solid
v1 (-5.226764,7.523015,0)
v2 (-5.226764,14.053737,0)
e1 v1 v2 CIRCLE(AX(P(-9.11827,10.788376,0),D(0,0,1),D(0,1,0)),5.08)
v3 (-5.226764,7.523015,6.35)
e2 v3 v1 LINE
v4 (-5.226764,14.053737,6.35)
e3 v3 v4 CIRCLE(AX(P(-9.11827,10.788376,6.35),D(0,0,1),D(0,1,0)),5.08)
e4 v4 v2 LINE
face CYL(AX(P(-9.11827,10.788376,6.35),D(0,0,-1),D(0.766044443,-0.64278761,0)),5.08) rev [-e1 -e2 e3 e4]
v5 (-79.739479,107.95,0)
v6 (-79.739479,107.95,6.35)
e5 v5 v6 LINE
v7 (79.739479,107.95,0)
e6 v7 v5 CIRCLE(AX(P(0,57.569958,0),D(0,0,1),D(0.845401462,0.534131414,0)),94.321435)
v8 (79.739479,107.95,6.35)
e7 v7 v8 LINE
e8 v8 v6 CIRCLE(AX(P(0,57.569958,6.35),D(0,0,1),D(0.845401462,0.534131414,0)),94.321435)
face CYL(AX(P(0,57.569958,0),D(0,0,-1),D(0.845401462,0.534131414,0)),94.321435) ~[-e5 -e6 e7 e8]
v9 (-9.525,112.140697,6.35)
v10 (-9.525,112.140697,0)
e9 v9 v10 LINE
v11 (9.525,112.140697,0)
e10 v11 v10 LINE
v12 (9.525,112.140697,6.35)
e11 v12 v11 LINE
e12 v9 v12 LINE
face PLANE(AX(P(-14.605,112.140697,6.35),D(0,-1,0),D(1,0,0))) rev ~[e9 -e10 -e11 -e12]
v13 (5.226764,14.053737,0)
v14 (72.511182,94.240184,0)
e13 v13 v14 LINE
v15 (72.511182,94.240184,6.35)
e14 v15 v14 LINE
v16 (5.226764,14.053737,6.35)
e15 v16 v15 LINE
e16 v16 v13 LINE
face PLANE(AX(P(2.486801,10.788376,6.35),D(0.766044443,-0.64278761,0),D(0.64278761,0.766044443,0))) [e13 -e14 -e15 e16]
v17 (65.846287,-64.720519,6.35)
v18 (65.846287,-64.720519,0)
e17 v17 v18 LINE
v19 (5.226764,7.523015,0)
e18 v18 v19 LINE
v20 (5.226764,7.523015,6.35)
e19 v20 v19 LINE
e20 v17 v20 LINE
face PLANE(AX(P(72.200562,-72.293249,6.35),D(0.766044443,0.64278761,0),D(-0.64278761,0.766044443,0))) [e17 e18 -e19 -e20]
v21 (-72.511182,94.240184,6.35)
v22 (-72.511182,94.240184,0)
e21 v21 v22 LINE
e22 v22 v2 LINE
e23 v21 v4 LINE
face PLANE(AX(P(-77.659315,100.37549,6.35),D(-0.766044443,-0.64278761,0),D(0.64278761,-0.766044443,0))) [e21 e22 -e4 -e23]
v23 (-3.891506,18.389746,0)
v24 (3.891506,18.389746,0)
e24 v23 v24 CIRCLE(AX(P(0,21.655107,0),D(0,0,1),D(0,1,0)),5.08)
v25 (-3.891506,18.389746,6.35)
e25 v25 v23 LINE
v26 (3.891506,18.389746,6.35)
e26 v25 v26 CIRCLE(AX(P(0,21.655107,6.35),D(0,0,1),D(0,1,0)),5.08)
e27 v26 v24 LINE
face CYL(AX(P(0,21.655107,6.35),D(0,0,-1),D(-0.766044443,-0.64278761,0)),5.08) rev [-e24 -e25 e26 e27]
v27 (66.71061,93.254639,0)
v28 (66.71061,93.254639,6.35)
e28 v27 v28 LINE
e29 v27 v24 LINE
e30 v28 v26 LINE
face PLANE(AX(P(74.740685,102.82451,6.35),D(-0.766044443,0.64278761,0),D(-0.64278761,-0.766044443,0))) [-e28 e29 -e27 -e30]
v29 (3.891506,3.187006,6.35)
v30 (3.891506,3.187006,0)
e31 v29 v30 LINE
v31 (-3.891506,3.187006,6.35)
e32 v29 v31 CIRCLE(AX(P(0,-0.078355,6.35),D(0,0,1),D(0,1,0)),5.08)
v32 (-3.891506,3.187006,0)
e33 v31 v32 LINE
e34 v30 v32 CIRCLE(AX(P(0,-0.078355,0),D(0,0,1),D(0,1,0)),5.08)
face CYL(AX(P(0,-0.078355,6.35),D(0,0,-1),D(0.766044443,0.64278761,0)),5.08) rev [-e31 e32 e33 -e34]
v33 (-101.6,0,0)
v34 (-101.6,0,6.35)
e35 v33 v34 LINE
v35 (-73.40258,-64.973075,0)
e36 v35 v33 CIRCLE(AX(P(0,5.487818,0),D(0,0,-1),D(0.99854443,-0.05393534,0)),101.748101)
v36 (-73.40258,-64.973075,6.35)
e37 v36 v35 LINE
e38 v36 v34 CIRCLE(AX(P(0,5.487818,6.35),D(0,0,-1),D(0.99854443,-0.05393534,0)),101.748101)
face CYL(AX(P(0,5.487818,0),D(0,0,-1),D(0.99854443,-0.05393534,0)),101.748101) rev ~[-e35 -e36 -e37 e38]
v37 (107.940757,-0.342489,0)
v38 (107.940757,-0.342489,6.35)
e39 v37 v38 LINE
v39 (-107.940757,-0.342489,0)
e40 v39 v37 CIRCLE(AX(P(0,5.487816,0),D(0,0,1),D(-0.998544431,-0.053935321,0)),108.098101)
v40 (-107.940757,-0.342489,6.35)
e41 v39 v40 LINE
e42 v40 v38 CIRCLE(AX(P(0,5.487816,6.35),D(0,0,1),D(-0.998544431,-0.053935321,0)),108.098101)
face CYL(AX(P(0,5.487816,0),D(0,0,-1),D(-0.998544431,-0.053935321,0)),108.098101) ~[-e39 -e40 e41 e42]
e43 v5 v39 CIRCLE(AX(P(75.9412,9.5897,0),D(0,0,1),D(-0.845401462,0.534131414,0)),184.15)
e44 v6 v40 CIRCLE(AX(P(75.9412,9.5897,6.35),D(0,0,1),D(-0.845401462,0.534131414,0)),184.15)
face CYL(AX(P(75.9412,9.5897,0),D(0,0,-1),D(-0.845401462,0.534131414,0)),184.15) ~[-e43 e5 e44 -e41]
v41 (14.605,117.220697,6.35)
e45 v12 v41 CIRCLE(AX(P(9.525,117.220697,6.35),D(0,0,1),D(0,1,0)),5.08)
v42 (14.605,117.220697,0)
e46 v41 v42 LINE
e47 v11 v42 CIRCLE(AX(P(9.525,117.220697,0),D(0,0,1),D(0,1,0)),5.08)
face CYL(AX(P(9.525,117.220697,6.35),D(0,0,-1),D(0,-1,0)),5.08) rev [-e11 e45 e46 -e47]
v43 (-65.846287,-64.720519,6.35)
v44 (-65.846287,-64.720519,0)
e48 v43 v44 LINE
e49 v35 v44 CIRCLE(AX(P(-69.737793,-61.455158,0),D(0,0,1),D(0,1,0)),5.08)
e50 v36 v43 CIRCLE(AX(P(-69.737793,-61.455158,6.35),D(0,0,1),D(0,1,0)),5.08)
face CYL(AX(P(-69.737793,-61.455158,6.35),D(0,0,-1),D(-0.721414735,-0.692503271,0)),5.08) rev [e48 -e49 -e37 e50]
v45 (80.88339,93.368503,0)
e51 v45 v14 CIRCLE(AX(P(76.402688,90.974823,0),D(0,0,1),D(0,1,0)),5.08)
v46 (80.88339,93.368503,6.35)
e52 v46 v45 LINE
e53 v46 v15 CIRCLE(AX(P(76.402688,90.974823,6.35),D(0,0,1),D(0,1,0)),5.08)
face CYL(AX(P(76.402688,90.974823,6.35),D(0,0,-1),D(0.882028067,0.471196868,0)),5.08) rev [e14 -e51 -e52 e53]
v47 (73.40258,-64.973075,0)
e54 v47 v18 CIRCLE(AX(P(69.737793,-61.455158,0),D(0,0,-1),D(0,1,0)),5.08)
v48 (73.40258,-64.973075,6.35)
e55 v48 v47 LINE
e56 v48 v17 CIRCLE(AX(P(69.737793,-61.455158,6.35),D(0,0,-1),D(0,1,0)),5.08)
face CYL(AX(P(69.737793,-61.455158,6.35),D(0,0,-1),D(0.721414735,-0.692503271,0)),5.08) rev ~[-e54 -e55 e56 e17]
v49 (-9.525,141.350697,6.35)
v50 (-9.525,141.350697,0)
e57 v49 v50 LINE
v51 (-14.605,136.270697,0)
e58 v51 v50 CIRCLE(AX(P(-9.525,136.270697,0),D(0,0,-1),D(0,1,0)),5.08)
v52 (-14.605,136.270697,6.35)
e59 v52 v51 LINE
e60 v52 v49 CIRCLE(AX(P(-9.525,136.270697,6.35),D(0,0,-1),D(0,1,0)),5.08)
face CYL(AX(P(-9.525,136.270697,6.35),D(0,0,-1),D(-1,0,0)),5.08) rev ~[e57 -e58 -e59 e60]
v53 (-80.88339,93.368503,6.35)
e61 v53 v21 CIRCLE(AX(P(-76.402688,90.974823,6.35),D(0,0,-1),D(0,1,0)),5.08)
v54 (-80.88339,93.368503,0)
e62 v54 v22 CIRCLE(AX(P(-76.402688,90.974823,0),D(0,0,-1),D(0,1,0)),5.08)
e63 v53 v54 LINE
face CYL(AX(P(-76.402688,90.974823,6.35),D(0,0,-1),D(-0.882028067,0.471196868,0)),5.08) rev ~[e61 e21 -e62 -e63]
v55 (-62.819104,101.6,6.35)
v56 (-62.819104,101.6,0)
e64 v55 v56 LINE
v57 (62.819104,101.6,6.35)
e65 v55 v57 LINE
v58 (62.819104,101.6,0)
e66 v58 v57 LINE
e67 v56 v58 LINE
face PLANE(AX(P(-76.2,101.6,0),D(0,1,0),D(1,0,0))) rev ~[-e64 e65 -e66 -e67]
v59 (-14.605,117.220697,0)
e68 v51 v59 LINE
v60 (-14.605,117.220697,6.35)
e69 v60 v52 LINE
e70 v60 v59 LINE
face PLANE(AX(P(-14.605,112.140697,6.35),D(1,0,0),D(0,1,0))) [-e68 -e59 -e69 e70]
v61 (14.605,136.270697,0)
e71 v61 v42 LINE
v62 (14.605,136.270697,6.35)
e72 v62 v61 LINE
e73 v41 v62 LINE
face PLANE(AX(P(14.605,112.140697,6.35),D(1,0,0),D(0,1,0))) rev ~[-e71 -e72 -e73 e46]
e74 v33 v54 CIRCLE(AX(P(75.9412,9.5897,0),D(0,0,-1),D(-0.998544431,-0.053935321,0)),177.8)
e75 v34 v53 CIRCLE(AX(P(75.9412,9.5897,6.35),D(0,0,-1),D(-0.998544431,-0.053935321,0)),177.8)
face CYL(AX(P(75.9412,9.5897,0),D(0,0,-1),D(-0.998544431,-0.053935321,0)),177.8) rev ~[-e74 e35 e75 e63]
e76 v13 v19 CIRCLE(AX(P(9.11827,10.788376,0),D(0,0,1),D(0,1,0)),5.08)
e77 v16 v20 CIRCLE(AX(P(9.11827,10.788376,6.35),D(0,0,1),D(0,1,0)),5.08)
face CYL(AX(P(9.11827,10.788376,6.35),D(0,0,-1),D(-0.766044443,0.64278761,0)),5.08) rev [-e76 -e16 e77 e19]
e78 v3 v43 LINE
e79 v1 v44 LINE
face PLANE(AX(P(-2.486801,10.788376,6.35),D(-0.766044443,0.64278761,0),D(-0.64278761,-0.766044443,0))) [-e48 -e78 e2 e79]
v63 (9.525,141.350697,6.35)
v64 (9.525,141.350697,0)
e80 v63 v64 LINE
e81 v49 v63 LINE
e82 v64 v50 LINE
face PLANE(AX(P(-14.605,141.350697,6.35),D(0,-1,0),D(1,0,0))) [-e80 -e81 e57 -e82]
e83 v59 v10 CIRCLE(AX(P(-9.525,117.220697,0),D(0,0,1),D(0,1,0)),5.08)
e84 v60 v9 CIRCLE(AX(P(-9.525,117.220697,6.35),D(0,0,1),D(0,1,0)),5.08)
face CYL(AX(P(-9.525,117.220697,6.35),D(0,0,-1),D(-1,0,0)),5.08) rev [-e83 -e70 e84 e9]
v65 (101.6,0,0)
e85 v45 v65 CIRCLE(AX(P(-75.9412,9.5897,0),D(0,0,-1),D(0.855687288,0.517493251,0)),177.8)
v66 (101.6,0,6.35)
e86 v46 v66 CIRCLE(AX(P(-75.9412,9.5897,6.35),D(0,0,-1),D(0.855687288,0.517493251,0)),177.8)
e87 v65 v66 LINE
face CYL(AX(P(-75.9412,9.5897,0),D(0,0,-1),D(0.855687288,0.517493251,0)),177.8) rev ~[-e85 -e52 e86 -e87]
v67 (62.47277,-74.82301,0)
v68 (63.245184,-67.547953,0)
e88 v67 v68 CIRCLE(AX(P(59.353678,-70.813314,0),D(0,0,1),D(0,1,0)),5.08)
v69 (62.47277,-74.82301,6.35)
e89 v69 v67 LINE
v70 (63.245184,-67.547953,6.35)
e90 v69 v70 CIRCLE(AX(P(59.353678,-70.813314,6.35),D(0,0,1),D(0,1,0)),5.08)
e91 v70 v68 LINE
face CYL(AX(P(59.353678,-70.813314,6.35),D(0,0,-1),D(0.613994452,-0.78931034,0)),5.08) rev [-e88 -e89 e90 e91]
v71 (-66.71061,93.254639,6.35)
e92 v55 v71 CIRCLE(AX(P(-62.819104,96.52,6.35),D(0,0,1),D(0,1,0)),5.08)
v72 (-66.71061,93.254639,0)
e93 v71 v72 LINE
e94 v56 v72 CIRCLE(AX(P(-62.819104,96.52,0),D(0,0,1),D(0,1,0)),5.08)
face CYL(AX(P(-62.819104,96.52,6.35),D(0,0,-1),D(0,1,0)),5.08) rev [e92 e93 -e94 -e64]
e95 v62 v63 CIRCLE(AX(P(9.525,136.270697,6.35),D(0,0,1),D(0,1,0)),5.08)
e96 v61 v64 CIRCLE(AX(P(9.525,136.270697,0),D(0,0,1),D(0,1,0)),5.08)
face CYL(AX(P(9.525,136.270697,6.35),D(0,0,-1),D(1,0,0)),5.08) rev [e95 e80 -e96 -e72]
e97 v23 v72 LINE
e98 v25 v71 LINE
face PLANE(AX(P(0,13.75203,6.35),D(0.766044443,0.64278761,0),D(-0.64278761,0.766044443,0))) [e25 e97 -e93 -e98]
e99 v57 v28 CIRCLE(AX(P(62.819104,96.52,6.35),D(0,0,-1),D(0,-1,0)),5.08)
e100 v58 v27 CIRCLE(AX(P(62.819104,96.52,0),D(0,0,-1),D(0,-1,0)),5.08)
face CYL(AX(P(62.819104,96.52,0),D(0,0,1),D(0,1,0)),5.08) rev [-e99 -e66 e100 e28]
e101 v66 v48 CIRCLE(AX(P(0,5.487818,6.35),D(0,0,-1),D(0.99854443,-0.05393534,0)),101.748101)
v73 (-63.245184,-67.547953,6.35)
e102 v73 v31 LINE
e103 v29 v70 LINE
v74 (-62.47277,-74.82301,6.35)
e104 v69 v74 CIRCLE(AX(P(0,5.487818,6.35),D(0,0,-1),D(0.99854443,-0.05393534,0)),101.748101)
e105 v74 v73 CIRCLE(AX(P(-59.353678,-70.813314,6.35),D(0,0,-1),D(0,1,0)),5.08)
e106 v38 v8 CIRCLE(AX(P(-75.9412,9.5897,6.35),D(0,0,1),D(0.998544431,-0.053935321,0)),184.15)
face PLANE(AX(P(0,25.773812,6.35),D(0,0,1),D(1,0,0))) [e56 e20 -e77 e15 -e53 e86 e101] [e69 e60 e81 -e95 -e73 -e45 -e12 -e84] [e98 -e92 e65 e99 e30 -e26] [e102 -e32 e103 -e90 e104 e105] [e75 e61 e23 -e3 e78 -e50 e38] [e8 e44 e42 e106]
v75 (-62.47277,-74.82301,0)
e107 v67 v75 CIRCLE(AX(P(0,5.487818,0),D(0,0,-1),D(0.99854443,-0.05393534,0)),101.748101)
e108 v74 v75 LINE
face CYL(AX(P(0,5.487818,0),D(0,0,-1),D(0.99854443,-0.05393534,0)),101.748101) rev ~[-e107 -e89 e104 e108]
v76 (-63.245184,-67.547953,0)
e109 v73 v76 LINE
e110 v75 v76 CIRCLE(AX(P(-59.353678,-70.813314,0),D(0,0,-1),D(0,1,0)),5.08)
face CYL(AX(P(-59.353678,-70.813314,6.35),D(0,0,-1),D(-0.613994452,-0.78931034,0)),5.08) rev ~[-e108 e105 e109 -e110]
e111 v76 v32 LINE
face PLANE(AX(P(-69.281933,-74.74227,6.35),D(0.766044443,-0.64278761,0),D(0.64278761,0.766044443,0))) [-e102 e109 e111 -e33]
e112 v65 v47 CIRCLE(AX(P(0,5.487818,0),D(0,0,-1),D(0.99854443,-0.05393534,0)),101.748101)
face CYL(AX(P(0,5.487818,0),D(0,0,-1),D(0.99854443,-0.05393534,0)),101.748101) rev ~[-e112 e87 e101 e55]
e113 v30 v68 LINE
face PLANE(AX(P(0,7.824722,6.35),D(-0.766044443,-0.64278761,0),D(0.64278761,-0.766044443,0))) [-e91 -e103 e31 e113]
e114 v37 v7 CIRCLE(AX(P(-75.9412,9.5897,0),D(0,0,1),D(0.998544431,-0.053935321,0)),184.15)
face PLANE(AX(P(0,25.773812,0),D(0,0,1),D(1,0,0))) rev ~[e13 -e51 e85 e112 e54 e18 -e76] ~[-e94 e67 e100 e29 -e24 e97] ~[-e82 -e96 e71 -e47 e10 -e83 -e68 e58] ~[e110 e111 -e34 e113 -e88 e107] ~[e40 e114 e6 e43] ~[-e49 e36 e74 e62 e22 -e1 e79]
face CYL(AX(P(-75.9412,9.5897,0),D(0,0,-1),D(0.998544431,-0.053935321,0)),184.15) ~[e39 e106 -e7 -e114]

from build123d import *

# Parameters (mm, degrees)
BOSS_EXTRUDE1_DEPTH = 6.35
CUT_EXTRUDE1_REACH  = 8.35
SKETCH2_W           = 29.21
SKETCH2_H           = 29.21
FILLET1_R           = 5.08
BOSS_EXTRUDE2_DEPTH = 6.35
FILLET2_R           = 5.08


with BuildPart() as part:
    # Sketch1 → Boss-Extrude1 (new body)
    with BuildSketch(Plane.XY):
        with BuildLine():
            ThreePointArc((-79.739479369, 107.95), (-102.265174294, 55.997788823), (-107.940757138, -0.342489287))
            ThreePointArc((-107.940757138, -0.342489287), (0, -102.610284874), (107.940757138, -0.342489287))
            ThreePointArc((107.940757138, -0.342489287), (102.265174294, 55.997788823), (79.739479369, 107.95))
            ThreePointArc((79.739479369, 107.95), (0, 151.891393684), (-79.739479369, 107.95))
        make_face()
        with BuildLine():
            Line((-76.2, 101.6), (76.2, 101.6))
            ThreePointArc((76.2, 101.6), (96.55013665, 52.712534163), (101.6, 0))
            ThreePointArc((101.6, 0), (0, -96.260283012), (-101.6, 0))
            ThreePointArc((-101.6, 0), (-96.55013665, 52.712534163), (-76.2, 101.6))
        make_face(mode=Mode.SUBTRACT)
    extrude(amount=BOSS_EXTRUDE1_DEPTH)

    # Sketch2 → Cut-Extrude1 (cut, up to next)
    with BuildSketch(Plane.XY.offset(6.35), mode=Mode.PRIVATE) as cut_extrude1_sk1:
        with Locations((0, 126.745696842)):
            Rectangle(SKETCH2_W, SKETCH2_H)
    cut_extrude1_tool1 = extrude(cut_extrude1_sk1.sketch, amount=-CUT_EXTRUDE1_REACH, mode=Mode.PRIVATE) & part.part
    add(cut_extrude1_tool1.solids().sort_by_distance((0, 126.745697, 6.35))[0], mode=Mode.SUBTRACT)

    # Fillet1
    fillet1_edges = [part.edges().sort_by_distance(p)[0] for p in [
        (14.605, 141.350696842, 3.175),
        (14.605, 112.140696842, 3.175),
        (-14.605, 112.140696842, 3.175),
        (-14.605, 141.350696842, 3.175),
    ]]
    fillet(fillet1_edges, radius=FILLET1_R)

    # Sketch3 → Boss-Extrude2 (add)
    with BuildSketch(Plane.XY.offset(6.35)):
        Polygon((-77.659314664, 100.375489604), (69.28193291, -74.742270093), (72.200562238, -72.293249301), (-74.740685336, 102.824510396), align=None)
        Polygon((74.740685336, 102.824510396), (-72.200562238, -72.293249301), (-69.28193291, -74.742270093), (77.659314664, 100.375489604), align=None)
    extrude(amount=-BOSS_EXTRUDE2_DEPTH)

    # Fillet2
    fillet2_edges = [part.edges().sort_by_distance(p)[0] for p in [
        (73.713199114, 101.6, 3.175),
        (0, 13.752030134, 3.175),
        (-73.713199114, 101.6, 3.175),
        (-77.233836777, 99.868424803, 3.175),
        (-2.486800886, 10.788376244, 3.175),
        (-69.382552816, -68.934876448, 3.175),
        (-66.545991735, -71.481702369, 3.175),
        (0, 7.824722354, 3.175),
        (66.545991735, -71.481702369, 3.175),
        (69.382552816, -68.934876448, 3.175),
        (2.486800886, 10.788376244, 3.175),
        (77.233836777, 99.868424803, 3.175),
    ]]
    fillet(fillet2_edges, radius=FILLET2_R)


solid = part.part
